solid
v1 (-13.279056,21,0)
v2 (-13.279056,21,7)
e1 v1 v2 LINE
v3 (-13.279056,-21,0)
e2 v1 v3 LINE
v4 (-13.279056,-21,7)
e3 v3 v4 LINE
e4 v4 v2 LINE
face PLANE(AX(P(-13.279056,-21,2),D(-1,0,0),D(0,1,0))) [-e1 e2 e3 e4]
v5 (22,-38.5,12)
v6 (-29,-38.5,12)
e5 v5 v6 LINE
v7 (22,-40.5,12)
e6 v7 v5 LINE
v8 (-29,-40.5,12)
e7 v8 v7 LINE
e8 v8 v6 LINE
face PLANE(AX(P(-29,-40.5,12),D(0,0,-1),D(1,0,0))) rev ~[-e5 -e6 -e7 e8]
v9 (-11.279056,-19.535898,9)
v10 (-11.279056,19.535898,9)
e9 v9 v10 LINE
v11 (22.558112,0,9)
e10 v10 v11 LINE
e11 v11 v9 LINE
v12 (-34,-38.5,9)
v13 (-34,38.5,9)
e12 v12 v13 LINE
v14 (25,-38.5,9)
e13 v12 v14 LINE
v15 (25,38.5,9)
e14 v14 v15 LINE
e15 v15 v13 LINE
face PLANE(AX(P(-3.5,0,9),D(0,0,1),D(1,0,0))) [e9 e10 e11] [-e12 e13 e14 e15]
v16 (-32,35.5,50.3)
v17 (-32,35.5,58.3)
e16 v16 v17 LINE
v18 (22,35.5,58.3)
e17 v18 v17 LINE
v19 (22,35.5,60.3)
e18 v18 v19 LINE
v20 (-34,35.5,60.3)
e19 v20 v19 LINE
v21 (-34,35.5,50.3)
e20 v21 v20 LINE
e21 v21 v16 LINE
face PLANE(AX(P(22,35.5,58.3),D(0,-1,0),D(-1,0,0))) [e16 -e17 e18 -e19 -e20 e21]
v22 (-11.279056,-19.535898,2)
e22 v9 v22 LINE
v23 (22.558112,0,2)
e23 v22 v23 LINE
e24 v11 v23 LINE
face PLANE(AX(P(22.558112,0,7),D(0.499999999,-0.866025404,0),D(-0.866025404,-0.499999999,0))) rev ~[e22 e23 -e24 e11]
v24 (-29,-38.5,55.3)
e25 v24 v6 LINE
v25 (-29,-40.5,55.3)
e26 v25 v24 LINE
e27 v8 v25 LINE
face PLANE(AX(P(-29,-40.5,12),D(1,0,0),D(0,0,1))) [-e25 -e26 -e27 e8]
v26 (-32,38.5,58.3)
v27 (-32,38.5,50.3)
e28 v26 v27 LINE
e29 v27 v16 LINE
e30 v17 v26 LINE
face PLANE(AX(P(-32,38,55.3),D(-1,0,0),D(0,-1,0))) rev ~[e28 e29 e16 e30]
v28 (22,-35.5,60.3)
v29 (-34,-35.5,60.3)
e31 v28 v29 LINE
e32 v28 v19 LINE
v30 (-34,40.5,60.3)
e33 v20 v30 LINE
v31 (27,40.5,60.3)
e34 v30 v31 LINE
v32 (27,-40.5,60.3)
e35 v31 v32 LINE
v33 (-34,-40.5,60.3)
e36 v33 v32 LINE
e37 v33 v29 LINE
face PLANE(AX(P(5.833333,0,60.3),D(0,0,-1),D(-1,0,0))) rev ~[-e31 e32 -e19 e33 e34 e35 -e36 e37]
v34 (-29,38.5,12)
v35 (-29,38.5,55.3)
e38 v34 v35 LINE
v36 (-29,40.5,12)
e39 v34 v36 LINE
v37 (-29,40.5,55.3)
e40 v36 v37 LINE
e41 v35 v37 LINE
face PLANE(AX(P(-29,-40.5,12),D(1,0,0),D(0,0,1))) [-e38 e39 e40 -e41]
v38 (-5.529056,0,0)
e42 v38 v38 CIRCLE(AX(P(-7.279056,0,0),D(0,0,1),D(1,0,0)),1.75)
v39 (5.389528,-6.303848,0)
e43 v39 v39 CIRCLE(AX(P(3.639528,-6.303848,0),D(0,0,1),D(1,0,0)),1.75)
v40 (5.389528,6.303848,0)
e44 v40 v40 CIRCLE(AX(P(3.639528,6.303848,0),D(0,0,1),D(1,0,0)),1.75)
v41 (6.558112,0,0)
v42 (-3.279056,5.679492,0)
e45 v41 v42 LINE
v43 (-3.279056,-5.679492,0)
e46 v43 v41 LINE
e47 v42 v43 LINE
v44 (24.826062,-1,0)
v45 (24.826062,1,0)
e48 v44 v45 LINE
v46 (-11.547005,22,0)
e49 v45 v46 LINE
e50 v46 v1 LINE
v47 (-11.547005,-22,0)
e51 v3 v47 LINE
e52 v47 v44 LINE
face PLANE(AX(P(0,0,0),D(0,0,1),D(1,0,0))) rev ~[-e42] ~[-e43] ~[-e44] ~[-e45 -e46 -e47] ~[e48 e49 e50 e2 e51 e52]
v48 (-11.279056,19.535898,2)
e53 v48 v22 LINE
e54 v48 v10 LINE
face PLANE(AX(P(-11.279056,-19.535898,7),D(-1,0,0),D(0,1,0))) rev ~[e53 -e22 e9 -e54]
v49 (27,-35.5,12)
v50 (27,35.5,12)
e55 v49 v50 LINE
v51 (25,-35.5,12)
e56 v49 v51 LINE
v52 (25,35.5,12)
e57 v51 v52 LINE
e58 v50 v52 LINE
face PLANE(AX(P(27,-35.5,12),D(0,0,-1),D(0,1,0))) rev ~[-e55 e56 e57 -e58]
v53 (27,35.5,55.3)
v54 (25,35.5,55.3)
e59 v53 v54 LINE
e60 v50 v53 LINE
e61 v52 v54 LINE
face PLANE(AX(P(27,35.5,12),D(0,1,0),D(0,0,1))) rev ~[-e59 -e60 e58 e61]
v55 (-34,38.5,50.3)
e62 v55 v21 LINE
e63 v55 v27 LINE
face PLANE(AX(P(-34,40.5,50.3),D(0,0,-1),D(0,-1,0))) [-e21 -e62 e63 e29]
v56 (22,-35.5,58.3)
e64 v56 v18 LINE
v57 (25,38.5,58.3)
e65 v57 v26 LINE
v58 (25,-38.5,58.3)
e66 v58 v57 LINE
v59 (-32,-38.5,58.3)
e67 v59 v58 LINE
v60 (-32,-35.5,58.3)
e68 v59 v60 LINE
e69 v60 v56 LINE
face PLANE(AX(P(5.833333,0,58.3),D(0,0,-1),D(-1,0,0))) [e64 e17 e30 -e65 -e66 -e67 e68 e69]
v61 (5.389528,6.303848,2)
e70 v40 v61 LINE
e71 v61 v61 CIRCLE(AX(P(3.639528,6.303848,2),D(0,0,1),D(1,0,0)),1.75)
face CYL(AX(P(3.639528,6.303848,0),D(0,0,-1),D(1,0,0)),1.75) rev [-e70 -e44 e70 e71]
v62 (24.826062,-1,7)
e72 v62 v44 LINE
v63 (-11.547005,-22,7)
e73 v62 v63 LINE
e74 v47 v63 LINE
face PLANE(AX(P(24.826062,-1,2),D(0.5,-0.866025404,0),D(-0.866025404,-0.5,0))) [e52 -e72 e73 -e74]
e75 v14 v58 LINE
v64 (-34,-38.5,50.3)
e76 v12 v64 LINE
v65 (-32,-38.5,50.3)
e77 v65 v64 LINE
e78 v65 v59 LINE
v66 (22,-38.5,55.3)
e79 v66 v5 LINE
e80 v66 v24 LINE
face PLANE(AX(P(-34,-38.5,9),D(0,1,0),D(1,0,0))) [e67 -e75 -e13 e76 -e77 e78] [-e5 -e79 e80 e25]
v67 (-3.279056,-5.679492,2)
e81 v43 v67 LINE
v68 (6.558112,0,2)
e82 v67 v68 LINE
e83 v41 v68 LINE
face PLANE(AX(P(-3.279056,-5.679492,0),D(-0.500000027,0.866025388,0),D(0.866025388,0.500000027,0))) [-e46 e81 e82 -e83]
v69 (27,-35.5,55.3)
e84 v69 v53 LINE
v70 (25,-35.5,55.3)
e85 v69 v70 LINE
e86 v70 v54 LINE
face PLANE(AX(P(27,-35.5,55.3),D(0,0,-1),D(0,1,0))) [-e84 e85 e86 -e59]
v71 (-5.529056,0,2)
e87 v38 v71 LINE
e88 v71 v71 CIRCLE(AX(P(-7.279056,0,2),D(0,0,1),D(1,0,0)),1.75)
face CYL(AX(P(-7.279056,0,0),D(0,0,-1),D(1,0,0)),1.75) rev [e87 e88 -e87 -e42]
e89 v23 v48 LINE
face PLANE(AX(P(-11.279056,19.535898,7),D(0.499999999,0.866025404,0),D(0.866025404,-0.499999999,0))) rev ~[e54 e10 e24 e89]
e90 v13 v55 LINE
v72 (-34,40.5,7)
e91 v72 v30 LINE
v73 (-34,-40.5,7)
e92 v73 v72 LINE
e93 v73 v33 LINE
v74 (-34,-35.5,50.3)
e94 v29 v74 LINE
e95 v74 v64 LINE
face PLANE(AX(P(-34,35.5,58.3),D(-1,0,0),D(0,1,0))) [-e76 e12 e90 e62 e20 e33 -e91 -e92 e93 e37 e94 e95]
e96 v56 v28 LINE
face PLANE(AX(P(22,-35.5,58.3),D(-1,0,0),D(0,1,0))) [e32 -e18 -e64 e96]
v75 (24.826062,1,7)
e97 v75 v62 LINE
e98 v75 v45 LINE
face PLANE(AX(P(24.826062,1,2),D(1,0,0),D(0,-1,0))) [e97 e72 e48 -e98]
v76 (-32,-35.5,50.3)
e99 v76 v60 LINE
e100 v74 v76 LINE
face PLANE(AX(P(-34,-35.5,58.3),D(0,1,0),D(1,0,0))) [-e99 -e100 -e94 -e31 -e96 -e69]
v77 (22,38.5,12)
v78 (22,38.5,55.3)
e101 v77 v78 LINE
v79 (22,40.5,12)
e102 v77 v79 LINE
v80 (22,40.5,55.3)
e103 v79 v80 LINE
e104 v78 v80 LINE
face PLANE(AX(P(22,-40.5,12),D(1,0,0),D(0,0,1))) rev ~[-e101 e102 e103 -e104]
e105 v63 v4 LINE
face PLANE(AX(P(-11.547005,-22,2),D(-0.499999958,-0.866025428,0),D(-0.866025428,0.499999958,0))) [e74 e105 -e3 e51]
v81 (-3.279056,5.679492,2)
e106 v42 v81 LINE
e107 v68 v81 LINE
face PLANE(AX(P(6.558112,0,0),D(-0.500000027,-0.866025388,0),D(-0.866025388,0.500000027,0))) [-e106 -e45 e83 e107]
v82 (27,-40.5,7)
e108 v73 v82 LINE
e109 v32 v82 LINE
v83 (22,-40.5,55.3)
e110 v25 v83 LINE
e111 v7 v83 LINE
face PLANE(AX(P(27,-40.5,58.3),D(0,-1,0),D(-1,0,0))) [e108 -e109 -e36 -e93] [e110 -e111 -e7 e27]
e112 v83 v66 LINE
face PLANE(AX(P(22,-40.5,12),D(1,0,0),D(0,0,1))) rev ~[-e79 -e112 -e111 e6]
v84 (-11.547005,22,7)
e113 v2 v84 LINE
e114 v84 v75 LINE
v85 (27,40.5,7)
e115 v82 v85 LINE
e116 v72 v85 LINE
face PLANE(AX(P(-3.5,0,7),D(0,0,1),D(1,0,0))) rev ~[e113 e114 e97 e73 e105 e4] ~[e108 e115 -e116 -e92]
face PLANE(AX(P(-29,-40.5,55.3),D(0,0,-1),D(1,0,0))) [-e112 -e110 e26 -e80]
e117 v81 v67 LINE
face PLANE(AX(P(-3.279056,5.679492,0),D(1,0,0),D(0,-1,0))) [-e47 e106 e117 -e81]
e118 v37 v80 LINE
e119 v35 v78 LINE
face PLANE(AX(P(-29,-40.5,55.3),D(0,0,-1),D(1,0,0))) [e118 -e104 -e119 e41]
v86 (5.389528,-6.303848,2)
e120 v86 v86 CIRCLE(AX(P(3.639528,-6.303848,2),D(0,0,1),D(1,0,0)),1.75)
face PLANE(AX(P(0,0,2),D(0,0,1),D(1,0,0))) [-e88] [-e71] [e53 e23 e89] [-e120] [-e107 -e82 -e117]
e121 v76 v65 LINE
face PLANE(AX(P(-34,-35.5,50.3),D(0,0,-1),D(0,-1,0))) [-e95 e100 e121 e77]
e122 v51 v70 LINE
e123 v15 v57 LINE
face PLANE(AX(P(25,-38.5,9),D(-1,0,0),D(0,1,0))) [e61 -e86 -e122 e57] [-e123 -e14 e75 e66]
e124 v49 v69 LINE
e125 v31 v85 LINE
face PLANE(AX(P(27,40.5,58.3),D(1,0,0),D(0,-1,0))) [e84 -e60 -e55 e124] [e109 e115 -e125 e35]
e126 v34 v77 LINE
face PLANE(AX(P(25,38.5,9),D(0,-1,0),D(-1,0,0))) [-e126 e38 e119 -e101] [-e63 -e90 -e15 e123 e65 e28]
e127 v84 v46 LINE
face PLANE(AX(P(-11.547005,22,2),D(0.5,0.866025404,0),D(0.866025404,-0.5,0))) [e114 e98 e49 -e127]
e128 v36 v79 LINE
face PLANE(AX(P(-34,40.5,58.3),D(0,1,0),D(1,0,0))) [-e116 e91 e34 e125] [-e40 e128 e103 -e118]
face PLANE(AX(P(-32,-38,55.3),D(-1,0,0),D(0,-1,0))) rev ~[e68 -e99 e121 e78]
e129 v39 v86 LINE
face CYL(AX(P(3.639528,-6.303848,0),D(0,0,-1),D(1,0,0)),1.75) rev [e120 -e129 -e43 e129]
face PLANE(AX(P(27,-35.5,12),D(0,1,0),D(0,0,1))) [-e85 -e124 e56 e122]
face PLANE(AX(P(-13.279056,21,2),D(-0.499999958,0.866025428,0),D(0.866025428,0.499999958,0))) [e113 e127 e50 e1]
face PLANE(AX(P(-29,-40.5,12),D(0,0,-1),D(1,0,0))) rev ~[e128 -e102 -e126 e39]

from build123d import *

# Parameters (mm, degrees)
SKETCH_R        = 1.75
PAD_DEPTH       = 2
PAD001_DEPTH    = 5
SKETCH002_W     = 61
SKETCH002_H     = 81
PAD002_DEPTH    = 2
PAD003_DEPTH    = 49.3
PAD004_DEPTH    = 2
SKETCH005_W     = 5
SKETCH005_H     = 10
PAD005_DEPTH    = 2
SKETCH006_W     = 51
SKETCH006_H     = 43.3
POCKET_DEPTH    = 81
SKETCH007_W     = 71
SKETCH007_H     = 43.3
POCKET001_DEPTH = 2


with BuildPart() as part:
    # Sketch → Pad (new body)
    with BuildSketch(Plane.XY):
        Polygon((-13.279056, 21), (-13.279056, -21), (-11.547005, -22), (24.826062, -1), (24.826062, 1), (-11.547005, 22), align=None)
        with Locations((-7.279056, 0)):
            Circle(SKETCH_R, mode=Mode.SUBTRACT)
        with Locations((3.639528, 6.303848)):
            Circle(SKETCH_R, mode=Mode.SUBTRACT)
        with Locations((3.639528, -6.303848)):
            Circle(SKETCH_R, mode=Mode.SUBTRACT)
        Polygon((6.558112, 0), (-3.279056, 5.679492), (-3.279056, -5.679492), align=None, mode=Mode.SUBTRACT)
    extrude(amount=PAD_DEPTH)

    # Sketch001 (on Face14 of Pad) → Pad001 (join)
    with BuildSketch(Plane.XY.offset(2)):
        Polygon((-13.279056, 21), (-11.547005, 22), (24.826062, 1), (24.826062, -1), (-11.547005, -22), (-13.279056, -21), align=None)
        Polygon((22.558112, 0), (-11.279056, 19.535898), (-11.279056, -19.535898), align=None, mode=Mode.SUBTRACT)
    extrude(amount=PAD001_DEPTH)

    # Sketch002 (on Face17 of Pad001) → Pad002 (join)
    with BuildSketch(Plane.XY.offset(7)):
        with Locations((-3.5, 0)):
            Rectangle(SKETCH002_W, SKETCH002_H)
        Polygon((-11.279056, 19.535898), (22.558112, 0), (-11.279056, -19.535898), align=None, mode=Mode.SUBTRACT)
    extrude(amount=PAD002_DEPTH)

    # Sketch003 (on Face29 of Pad002) → Pad003 (join)
    with BuildSketch(Plane.XY.offset(9)):
        Polygon((-34, 40.5), (27, 40.5), (27, -40.5), (-34, -40.5), (-34, -38.5), (25, -38.5), (25, 38.5), (-34, 38.5), align=None)
    extrude(amount=PAD003_DEPTH)

    # Sketch004 (on Face38 of Pad003) → Pad004 (join)
    with BuildSketch(Plane.XY.offset(58.3)):
        Polygon((-34, 40.5), (27, 40.5), (27, -40.5), (-34, -40.5), (-34, -35.5), (22, -35.5), (22, 35.5), (-34, 35.5), align=None)
    extrude(amount=PAD004_DEPTH)

    # Sketch005 (on Face30 of Pad004) → Pad005 (join)
    with BuildSketch(Plane(origin=(-34, 0, 0), x_dir=(0, -1, 0), z_dir=(-1, 0, 0))):
        with Locations((-38, 55.3)):
            Rectangle(SKETCH005_W, SKETCH005_H)
        with Locations((38, 55.3)):
            Rectangle(SKETCH005_W, SKETCH005_H)
    extrude(amount=-PAD005_DEPTH)

    # Sketch006 → Pocket (cut)
    with BuildSketch(Plane.XZ.offset(40.5)):
        with Locations((-3.5, 33.65)):
            Rectangle(SKETCH006_W, SKETCH006_H)
    extrude(amount=-POCKET_DEPTH, mode=Mode.SUBTRACT)

    # Sketch007 → Pocket001 (cut)
    with BuildSketch(Plane.YZ.offset(27)):
        with Locations((0, 33.65)):
            Rectangle(SKETCH007_W, SKETCH007_H)
    extrude(amount=-POCKET001_DEPTH, mode=Mode.SUBTRACT)


solid = part.part
